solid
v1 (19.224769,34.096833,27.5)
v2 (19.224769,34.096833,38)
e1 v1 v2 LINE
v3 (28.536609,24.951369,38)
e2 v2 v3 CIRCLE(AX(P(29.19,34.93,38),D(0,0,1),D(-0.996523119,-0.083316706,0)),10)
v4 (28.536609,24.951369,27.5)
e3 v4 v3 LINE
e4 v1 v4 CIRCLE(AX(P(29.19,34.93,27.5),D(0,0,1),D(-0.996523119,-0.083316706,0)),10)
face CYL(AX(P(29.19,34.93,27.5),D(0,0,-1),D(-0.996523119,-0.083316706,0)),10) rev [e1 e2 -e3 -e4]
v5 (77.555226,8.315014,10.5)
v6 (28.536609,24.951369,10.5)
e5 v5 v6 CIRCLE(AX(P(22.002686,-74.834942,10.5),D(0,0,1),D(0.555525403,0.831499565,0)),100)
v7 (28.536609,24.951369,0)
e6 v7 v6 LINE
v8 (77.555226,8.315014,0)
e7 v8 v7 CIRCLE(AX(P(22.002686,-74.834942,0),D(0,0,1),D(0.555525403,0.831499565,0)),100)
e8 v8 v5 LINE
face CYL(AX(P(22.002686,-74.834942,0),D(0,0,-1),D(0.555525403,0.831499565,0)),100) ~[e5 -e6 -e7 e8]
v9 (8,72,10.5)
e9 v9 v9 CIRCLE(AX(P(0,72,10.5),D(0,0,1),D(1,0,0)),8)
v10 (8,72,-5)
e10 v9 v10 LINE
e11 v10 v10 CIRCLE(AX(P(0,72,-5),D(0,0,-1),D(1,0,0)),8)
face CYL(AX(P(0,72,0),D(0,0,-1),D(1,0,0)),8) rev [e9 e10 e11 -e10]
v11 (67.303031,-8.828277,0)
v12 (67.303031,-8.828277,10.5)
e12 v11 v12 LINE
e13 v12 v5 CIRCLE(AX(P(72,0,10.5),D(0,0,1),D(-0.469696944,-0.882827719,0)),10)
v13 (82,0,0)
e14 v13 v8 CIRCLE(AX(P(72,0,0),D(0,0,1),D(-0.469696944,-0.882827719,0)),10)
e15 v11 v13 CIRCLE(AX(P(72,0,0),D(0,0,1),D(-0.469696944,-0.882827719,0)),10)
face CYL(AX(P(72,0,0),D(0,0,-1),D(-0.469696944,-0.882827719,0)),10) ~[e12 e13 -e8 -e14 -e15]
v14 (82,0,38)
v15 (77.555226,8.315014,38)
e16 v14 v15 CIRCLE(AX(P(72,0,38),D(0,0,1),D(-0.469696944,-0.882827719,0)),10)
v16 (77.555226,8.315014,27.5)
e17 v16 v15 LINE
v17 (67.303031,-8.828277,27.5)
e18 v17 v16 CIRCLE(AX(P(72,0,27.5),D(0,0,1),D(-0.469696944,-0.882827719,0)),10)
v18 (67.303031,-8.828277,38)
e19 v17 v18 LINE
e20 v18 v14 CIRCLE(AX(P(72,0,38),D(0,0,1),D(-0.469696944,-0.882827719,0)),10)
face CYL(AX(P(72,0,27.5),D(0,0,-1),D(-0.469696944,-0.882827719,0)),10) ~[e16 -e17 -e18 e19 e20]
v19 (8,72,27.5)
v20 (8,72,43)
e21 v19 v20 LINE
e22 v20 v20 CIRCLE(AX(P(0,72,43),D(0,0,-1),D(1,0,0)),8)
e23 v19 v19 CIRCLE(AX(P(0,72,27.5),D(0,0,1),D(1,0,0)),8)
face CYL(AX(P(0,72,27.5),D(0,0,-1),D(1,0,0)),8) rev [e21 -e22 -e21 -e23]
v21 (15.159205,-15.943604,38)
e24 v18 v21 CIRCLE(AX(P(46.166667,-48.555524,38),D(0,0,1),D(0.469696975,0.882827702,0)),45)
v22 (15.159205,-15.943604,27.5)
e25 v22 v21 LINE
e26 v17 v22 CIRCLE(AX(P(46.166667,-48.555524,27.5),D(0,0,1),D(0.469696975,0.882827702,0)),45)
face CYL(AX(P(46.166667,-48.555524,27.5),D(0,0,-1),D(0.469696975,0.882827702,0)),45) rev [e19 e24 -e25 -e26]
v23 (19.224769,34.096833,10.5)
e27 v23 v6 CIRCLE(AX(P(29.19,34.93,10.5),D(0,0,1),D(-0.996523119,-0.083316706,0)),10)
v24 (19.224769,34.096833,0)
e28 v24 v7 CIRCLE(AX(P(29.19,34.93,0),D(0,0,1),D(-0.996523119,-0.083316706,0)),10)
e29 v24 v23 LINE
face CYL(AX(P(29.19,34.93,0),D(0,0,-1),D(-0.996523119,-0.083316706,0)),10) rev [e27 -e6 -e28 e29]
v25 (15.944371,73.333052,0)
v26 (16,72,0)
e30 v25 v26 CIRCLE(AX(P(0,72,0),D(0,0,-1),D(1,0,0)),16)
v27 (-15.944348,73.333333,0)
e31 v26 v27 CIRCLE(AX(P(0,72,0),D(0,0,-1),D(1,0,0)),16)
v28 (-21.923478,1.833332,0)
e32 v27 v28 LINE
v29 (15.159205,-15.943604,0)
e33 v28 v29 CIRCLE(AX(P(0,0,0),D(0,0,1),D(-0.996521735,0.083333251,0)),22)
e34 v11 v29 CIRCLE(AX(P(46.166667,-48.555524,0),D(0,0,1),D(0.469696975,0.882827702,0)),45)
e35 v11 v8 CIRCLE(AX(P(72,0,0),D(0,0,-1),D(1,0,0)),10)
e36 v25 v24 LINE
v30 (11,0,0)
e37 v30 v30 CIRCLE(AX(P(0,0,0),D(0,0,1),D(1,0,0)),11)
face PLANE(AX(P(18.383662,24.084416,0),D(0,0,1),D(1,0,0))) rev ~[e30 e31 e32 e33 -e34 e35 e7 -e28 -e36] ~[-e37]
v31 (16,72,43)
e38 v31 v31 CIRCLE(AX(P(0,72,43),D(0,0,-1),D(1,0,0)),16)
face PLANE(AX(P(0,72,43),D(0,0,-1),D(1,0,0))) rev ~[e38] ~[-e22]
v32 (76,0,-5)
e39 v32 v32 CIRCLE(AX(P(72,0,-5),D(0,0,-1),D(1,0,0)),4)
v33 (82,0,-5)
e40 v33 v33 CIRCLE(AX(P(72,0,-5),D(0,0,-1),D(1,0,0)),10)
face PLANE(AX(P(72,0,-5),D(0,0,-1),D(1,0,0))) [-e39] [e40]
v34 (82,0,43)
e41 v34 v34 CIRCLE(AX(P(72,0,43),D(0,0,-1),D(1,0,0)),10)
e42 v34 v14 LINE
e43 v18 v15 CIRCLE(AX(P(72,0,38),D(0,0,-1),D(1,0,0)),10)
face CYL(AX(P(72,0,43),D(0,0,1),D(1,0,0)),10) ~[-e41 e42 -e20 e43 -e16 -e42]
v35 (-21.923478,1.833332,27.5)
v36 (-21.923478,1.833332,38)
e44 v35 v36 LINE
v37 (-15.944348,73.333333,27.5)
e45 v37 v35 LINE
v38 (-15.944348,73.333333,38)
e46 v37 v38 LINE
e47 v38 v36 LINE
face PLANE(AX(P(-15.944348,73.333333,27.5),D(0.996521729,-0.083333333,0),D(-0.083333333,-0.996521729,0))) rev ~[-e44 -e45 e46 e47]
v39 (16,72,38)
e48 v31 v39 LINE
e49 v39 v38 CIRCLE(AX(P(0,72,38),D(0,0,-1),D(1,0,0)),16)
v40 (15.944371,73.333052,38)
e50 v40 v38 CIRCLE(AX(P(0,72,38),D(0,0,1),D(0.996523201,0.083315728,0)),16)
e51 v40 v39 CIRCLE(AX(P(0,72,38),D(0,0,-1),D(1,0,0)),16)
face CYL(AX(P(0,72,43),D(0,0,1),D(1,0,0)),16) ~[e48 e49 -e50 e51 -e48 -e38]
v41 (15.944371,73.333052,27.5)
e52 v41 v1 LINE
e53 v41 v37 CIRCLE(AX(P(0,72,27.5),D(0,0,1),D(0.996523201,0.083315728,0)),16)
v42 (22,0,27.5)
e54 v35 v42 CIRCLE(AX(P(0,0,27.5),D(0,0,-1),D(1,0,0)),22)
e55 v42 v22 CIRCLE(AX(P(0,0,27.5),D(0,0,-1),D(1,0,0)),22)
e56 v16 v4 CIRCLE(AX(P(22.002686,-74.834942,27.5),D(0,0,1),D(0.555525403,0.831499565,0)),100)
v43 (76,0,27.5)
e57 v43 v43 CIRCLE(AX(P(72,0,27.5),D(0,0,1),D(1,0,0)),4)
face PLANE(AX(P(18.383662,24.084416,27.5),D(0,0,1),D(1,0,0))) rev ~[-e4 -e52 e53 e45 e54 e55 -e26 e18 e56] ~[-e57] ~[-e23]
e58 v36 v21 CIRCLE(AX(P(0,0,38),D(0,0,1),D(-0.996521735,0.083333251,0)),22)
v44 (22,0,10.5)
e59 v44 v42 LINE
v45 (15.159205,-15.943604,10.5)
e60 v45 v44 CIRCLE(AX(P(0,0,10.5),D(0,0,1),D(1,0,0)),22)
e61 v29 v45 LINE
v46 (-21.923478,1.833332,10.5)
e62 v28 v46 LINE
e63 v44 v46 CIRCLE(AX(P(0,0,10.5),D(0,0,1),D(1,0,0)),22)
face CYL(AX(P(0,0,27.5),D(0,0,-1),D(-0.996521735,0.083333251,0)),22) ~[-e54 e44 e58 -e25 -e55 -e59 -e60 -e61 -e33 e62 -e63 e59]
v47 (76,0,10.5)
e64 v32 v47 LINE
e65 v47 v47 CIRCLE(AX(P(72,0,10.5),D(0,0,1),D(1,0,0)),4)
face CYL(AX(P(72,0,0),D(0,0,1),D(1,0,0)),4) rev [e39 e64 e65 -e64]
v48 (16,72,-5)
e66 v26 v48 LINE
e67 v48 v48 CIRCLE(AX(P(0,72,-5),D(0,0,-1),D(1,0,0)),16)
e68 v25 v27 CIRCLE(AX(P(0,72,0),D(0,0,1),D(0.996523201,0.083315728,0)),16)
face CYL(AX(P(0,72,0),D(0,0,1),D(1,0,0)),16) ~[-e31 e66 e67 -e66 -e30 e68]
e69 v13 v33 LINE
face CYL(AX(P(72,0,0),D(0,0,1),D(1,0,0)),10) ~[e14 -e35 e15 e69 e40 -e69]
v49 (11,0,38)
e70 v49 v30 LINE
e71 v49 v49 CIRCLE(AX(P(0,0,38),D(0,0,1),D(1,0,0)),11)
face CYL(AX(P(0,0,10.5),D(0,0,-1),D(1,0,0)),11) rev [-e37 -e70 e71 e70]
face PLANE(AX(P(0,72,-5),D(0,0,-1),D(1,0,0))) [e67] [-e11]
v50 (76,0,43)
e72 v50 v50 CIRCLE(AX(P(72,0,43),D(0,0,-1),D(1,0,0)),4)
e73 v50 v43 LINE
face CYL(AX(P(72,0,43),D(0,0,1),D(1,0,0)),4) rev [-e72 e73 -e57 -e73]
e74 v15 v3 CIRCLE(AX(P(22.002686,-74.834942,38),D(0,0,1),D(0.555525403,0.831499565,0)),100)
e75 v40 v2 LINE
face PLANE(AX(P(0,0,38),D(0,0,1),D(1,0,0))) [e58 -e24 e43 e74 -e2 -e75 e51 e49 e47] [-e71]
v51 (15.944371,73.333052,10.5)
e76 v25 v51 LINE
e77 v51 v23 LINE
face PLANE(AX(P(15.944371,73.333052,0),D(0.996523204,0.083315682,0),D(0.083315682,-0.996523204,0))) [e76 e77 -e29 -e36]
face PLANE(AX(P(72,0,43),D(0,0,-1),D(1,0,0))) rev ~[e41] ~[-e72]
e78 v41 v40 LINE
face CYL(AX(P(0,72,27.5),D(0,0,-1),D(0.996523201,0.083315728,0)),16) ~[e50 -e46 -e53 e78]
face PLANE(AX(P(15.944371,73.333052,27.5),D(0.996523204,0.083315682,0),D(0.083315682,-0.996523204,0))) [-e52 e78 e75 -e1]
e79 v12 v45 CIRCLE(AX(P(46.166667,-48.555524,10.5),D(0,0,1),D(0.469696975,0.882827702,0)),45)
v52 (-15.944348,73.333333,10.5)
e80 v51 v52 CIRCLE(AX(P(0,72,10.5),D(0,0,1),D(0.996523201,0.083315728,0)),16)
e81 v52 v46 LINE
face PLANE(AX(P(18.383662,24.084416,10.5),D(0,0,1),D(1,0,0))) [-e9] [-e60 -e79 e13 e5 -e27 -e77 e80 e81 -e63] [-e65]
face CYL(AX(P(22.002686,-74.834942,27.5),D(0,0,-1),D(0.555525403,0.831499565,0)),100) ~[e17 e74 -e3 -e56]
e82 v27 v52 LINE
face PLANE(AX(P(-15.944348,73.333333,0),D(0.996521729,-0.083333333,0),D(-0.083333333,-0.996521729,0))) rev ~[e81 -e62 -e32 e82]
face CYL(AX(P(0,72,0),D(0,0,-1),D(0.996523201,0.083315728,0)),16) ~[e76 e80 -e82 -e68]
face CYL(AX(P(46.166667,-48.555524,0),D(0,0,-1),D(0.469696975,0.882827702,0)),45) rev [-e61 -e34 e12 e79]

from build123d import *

# Parameters (mm, degrees)
SKETCH_R               = 11
SKETCH_R_2             = 4
SKETCH_R_3             = 8
PAD_DEPTH              = 10.5
SKETCH001_R            = 22
SKETCH001_R_2          = 11
PAD001_DEPTH           = 27.5
SKETCH002_R            = 10
SKETCH002_R_2          = 4
SKETCH002_R_3          = 16
SKETCH002_R_4          = 8
PAD002_DEPTH           = 5
LINEARPATTERN_COUNT    = 2
LINEARPATTERN_PITCH    = 27.5
LINEARPATTERN001_COUNT = 2
LINEARPATTERN001_PITCH = 43


with BuildPart() as part:
    # Sketch → Pad (new body)
    with BuildSketch(Plane.XY):
        with BuildLine():
            ThreePointArc((-21.9234781804, 1.8333315232), (-9.5101896489, -19.8382532709), (15.1592048803, -15.9436039651))
            ThreePointArc((67.303030561, -8.8282771869), (40.0825387761, -3.968716444), (15.1592048803, -15.9436039651))
            ThreePointArc((67.303030561, -8.8282771869), (80.5823809431, -5.1325176421), (77.5552259696, 8.3150143973))
            ThreePointArc((77.5552259696, 8.3150143973), (54.1410477348, 19.8599663381), (28.5366090857, 24.9513688157))
            ThreePointArc((19.2247688114, 34.0968329356), (22.1829562344, 27.7954826606), (28.5366090857, 24.9513688157))
            Line((15.9443712103, 73.3330516519), (19.2247688114, 34.0968329356))
            ThreePointArc((15.9443712103, 73.3330516519), (0.000141406, 87.9999999994), (-15.9443476452, 73.3333334805))
            Line((-15.9443476452, 73.3333334805), (-21.9234781804, 1.8333315232))
        make_face()
        Circle(SKETCH_R, mode=Mode.SUBTRACT)
        with Locations((72, 0)):
            Circle(SKETCH_R_2, mode=Mode.SUBTRACT)
        with Locations((0, 72)):
            Circle(SKETCH_R_3, mode=Mode.SUBTRACT)
    pad = extrude(amount=PAD_DEPTH)

    # Sketch001 (on Face13 of Pad) → Pad001 (join)
    with BuildSketch(Plane.XY.offset(10.5)):
        Circle(SKETCH001_R)
        Circle(SKETCH001_R_2, mode=Mode.SUBTRACT)
    extrude(amount=PAD001_DEPTH)

    # Sketch002 (on Face4 of Pad001) → Pad002 (join)
    with BuildSketch(Plane(origin=(0, 0, 0), x_dir=(1, 0, 0), z_dir=(0, 0, -1))):
        with Locations((72, 0)):
            Circle(SKETCH002_R)
        with Locations((72, 0)):
            Circle(SKETCH002_R_2, mode=Mode.SUBTRACT)
        with Locations((0, -72)):
            Circle(SKETCH002_R_3)
        with Locations((0, -72)):
            Circle(SKETCH002_R_4, mode=Mode.SUBTRACT)
    pad002 = extrude(amount=PAD002_DEPTH)

    # LinearPattern: Pad ×2
    with Locations(*[(0, 0, i * LINEARPATTERN_PITCH) for i in range(1, LINEARPATTERN_COUNT)]):
        add(pad)

    # LinearPattern001: Pad002 ×2
    with Locations(*[(0, 0, i * LINEARPATTERN001_PITCH) for i in range(1, LINEARPATTERN001_COUNT)]):
        add(pad002)


solid = part.part
